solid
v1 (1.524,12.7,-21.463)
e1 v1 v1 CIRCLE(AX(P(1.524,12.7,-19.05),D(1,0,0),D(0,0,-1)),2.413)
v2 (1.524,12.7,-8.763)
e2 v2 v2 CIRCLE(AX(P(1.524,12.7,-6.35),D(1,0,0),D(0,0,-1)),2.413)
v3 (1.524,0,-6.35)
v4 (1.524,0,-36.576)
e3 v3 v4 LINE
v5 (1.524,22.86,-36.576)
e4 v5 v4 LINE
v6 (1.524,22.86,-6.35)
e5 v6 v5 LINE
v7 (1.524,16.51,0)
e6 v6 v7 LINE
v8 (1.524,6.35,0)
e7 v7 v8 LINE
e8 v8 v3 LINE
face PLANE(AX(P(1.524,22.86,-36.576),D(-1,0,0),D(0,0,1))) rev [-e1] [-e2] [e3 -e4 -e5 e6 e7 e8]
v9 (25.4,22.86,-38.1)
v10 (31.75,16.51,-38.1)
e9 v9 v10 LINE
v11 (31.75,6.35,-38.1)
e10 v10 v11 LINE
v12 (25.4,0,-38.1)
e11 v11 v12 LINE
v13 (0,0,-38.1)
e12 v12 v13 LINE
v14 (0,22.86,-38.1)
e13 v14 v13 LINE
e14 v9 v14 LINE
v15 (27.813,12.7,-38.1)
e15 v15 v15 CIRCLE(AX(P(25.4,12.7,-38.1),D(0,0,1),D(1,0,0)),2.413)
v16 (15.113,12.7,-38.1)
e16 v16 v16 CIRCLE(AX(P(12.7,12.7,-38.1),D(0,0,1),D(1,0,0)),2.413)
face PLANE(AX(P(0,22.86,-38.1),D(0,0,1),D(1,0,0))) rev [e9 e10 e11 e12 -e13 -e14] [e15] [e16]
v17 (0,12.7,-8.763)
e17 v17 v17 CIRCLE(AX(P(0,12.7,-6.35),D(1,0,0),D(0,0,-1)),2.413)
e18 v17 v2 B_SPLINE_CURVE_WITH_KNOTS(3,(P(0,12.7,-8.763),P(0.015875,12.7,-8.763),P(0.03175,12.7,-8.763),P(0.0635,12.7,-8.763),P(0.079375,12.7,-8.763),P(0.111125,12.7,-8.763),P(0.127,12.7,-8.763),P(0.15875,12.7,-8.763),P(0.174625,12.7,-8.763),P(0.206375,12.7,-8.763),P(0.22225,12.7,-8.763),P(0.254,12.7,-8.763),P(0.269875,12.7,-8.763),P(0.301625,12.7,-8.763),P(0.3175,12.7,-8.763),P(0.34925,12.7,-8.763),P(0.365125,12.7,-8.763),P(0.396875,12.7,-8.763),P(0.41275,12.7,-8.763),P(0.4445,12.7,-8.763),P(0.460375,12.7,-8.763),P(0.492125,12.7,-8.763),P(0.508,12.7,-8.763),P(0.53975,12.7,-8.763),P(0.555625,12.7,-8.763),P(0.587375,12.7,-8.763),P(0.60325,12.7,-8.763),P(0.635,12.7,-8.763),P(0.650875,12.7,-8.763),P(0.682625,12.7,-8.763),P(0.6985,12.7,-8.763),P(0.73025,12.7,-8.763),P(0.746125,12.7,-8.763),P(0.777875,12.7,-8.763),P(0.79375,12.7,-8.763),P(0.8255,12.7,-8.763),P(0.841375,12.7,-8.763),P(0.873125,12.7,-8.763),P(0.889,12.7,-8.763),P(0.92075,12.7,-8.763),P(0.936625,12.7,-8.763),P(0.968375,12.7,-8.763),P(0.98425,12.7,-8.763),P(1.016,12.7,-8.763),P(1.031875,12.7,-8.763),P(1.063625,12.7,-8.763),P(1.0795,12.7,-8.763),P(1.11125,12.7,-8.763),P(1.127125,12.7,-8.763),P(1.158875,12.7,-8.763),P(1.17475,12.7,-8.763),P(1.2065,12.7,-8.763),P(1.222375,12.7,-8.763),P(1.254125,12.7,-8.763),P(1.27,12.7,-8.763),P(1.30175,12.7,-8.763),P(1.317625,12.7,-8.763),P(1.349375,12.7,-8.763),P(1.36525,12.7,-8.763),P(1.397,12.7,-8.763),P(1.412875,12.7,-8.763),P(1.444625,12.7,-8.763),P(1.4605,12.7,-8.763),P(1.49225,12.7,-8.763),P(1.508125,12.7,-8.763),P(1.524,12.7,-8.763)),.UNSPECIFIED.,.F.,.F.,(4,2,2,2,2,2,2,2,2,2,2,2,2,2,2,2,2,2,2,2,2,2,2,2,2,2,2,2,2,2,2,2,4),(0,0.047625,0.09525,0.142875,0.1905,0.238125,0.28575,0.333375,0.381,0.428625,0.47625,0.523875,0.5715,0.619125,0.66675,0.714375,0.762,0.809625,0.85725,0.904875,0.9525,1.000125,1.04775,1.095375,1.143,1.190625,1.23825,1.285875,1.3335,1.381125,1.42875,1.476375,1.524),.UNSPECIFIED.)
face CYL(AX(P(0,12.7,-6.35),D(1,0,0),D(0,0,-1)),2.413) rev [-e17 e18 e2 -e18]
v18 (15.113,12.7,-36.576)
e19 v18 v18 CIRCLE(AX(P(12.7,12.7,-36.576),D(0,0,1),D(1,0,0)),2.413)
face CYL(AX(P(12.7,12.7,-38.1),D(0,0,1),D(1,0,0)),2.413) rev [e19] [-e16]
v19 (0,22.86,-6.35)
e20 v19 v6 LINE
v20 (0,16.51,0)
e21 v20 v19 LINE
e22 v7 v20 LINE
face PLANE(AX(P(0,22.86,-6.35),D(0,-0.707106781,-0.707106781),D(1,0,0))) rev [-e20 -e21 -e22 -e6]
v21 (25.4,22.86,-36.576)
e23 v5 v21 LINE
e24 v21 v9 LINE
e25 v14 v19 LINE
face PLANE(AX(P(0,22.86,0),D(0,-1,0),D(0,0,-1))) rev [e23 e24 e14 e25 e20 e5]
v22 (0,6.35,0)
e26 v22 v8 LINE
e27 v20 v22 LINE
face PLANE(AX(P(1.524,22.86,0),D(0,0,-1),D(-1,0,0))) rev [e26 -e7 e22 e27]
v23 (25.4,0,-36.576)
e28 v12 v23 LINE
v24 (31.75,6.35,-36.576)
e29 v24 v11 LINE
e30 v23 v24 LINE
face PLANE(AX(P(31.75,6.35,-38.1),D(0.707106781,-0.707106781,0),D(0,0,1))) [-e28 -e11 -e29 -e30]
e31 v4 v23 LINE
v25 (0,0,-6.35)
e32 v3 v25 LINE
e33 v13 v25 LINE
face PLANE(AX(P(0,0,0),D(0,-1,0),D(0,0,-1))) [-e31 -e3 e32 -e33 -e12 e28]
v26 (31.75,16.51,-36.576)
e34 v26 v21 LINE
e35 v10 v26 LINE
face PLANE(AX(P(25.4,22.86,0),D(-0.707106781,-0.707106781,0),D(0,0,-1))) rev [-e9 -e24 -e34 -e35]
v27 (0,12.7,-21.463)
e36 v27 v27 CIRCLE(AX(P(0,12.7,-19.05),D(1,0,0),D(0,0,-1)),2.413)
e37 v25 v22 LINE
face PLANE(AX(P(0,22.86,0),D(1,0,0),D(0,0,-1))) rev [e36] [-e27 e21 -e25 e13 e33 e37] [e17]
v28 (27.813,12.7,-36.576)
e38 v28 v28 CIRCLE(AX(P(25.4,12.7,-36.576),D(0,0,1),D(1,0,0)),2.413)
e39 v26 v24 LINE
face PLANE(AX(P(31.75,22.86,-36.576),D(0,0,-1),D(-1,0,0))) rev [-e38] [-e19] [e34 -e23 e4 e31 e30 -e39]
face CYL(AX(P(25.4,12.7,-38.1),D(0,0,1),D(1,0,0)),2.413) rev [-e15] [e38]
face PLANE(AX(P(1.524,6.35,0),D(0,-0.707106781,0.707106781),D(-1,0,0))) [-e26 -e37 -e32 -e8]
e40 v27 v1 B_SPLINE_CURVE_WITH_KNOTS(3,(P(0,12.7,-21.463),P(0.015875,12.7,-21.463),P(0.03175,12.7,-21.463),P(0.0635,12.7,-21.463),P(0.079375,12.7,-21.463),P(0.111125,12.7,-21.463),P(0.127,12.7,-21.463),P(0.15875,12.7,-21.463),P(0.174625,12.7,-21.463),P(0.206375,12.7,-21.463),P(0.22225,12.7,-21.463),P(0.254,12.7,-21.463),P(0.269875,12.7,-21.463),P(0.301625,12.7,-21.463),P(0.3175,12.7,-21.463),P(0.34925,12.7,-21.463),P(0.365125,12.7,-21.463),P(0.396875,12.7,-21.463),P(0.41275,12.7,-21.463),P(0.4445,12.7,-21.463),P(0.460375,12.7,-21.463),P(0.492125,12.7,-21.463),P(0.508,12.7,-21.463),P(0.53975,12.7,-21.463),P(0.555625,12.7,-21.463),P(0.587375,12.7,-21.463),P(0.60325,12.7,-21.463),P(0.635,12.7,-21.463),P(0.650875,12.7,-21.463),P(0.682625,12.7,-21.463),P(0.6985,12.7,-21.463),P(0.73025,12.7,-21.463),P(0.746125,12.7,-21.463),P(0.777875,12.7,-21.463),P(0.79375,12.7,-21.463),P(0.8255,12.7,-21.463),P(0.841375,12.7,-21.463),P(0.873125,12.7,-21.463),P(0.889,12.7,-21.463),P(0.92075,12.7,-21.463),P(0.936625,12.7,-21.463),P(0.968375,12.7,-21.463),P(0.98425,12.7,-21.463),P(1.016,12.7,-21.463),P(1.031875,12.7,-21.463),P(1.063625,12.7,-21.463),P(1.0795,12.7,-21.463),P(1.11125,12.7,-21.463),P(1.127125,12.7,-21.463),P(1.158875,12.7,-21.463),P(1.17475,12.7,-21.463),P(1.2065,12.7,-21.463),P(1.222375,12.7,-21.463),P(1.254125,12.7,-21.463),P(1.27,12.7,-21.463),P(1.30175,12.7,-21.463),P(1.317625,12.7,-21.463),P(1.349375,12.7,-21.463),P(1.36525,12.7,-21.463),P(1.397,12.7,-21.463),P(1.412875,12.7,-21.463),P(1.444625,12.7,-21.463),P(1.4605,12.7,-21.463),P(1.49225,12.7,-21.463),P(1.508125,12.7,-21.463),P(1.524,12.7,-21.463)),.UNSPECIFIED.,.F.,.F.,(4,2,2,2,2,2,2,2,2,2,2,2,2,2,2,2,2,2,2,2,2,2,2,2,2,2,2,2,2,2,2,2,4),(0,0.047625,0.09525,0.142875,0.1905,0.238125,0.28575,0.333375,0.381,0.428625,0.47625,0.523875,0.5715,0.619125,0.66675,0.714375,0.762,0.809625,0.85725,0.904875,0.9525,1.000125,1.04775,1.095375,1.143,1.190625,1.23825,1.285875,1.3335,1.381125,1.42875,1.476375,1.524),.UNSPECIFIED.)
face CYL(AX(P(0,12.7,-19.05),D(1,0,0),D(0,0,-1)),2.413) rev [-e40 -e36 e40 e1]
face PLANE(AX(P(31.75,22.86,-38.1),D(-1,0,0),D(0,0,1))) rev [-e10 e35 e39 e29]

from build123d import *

# Parameters (mm, degrees)
BOSS_EXTRUDE1_DEPTH = 22.86
SKETCH2_R           = 2.413
CUT_EXTRUDE1_DEPTH  = 54.73826082
SKETCH3_R           = 2.413
CUT_EXTRUDE2_DEPTH  = 54.55787408
CHAMFER1_SIZE       = 6.35


with BuildPart() as part:
    # Sketch1 → Boss-Extrude1 (new body)
    with BuildSketch(Plane(origin=(0, 0, 0), x_dir=(1, 0, 0), z_dir=(0, 1, 0))):
        Polygon((0, 0), (0, 38.1), (31.75, 38.1), (31.75, 36.576), (1.524, 36.576), (1.524, 0), align=None)
    extrude(amount=BOSS_EXTRUDE1_DEPTH)

    # Sketch2 → Cut-Extrude1 (cut, through all)
    with BuildSketch(Plane(origin=(1.524, 0, 0), x_dir=(0, 0, -1), z_dir=(1, 0, 0))):
        with Locations((6.35, 12.7)):
            Circle(SKETCH2_R)
        with Locations((19.05, 12.7)):
            Circle(SKETCH2_R)
    extrude(amount=-CUT_EXTRUDE1_DEPTH, mode=Mode.SUBTRACT)

    # Sketch3 → Cut-Extrude2 (cut, through all)
    with BuildSketch(Plane.XY.offset(-36.576)):
        with Locations((25.4, 12.7)):
            Circle(SKETCH3_R)
        with Locations((12.7, 12.7)):
            Circle(SKETCH3_R)
    extrude(amount=-CUT_EXTRUDE2_DEPTH, mode=Mode.SUBTRACT)

    # Chamfer1
    chamfer1_edges = [part.edges().sort_by_distance(p)[0] for p in [
        (31.75, 22.86, -37.338),
        (0.762, 22.86, 0),
        (31.75, 0, -37.338),
        (0.762, 0, 0),
    ]]
    chamfer(chamfer1_edges, length=CHAMFER1_SIZE)


solid = part.part
